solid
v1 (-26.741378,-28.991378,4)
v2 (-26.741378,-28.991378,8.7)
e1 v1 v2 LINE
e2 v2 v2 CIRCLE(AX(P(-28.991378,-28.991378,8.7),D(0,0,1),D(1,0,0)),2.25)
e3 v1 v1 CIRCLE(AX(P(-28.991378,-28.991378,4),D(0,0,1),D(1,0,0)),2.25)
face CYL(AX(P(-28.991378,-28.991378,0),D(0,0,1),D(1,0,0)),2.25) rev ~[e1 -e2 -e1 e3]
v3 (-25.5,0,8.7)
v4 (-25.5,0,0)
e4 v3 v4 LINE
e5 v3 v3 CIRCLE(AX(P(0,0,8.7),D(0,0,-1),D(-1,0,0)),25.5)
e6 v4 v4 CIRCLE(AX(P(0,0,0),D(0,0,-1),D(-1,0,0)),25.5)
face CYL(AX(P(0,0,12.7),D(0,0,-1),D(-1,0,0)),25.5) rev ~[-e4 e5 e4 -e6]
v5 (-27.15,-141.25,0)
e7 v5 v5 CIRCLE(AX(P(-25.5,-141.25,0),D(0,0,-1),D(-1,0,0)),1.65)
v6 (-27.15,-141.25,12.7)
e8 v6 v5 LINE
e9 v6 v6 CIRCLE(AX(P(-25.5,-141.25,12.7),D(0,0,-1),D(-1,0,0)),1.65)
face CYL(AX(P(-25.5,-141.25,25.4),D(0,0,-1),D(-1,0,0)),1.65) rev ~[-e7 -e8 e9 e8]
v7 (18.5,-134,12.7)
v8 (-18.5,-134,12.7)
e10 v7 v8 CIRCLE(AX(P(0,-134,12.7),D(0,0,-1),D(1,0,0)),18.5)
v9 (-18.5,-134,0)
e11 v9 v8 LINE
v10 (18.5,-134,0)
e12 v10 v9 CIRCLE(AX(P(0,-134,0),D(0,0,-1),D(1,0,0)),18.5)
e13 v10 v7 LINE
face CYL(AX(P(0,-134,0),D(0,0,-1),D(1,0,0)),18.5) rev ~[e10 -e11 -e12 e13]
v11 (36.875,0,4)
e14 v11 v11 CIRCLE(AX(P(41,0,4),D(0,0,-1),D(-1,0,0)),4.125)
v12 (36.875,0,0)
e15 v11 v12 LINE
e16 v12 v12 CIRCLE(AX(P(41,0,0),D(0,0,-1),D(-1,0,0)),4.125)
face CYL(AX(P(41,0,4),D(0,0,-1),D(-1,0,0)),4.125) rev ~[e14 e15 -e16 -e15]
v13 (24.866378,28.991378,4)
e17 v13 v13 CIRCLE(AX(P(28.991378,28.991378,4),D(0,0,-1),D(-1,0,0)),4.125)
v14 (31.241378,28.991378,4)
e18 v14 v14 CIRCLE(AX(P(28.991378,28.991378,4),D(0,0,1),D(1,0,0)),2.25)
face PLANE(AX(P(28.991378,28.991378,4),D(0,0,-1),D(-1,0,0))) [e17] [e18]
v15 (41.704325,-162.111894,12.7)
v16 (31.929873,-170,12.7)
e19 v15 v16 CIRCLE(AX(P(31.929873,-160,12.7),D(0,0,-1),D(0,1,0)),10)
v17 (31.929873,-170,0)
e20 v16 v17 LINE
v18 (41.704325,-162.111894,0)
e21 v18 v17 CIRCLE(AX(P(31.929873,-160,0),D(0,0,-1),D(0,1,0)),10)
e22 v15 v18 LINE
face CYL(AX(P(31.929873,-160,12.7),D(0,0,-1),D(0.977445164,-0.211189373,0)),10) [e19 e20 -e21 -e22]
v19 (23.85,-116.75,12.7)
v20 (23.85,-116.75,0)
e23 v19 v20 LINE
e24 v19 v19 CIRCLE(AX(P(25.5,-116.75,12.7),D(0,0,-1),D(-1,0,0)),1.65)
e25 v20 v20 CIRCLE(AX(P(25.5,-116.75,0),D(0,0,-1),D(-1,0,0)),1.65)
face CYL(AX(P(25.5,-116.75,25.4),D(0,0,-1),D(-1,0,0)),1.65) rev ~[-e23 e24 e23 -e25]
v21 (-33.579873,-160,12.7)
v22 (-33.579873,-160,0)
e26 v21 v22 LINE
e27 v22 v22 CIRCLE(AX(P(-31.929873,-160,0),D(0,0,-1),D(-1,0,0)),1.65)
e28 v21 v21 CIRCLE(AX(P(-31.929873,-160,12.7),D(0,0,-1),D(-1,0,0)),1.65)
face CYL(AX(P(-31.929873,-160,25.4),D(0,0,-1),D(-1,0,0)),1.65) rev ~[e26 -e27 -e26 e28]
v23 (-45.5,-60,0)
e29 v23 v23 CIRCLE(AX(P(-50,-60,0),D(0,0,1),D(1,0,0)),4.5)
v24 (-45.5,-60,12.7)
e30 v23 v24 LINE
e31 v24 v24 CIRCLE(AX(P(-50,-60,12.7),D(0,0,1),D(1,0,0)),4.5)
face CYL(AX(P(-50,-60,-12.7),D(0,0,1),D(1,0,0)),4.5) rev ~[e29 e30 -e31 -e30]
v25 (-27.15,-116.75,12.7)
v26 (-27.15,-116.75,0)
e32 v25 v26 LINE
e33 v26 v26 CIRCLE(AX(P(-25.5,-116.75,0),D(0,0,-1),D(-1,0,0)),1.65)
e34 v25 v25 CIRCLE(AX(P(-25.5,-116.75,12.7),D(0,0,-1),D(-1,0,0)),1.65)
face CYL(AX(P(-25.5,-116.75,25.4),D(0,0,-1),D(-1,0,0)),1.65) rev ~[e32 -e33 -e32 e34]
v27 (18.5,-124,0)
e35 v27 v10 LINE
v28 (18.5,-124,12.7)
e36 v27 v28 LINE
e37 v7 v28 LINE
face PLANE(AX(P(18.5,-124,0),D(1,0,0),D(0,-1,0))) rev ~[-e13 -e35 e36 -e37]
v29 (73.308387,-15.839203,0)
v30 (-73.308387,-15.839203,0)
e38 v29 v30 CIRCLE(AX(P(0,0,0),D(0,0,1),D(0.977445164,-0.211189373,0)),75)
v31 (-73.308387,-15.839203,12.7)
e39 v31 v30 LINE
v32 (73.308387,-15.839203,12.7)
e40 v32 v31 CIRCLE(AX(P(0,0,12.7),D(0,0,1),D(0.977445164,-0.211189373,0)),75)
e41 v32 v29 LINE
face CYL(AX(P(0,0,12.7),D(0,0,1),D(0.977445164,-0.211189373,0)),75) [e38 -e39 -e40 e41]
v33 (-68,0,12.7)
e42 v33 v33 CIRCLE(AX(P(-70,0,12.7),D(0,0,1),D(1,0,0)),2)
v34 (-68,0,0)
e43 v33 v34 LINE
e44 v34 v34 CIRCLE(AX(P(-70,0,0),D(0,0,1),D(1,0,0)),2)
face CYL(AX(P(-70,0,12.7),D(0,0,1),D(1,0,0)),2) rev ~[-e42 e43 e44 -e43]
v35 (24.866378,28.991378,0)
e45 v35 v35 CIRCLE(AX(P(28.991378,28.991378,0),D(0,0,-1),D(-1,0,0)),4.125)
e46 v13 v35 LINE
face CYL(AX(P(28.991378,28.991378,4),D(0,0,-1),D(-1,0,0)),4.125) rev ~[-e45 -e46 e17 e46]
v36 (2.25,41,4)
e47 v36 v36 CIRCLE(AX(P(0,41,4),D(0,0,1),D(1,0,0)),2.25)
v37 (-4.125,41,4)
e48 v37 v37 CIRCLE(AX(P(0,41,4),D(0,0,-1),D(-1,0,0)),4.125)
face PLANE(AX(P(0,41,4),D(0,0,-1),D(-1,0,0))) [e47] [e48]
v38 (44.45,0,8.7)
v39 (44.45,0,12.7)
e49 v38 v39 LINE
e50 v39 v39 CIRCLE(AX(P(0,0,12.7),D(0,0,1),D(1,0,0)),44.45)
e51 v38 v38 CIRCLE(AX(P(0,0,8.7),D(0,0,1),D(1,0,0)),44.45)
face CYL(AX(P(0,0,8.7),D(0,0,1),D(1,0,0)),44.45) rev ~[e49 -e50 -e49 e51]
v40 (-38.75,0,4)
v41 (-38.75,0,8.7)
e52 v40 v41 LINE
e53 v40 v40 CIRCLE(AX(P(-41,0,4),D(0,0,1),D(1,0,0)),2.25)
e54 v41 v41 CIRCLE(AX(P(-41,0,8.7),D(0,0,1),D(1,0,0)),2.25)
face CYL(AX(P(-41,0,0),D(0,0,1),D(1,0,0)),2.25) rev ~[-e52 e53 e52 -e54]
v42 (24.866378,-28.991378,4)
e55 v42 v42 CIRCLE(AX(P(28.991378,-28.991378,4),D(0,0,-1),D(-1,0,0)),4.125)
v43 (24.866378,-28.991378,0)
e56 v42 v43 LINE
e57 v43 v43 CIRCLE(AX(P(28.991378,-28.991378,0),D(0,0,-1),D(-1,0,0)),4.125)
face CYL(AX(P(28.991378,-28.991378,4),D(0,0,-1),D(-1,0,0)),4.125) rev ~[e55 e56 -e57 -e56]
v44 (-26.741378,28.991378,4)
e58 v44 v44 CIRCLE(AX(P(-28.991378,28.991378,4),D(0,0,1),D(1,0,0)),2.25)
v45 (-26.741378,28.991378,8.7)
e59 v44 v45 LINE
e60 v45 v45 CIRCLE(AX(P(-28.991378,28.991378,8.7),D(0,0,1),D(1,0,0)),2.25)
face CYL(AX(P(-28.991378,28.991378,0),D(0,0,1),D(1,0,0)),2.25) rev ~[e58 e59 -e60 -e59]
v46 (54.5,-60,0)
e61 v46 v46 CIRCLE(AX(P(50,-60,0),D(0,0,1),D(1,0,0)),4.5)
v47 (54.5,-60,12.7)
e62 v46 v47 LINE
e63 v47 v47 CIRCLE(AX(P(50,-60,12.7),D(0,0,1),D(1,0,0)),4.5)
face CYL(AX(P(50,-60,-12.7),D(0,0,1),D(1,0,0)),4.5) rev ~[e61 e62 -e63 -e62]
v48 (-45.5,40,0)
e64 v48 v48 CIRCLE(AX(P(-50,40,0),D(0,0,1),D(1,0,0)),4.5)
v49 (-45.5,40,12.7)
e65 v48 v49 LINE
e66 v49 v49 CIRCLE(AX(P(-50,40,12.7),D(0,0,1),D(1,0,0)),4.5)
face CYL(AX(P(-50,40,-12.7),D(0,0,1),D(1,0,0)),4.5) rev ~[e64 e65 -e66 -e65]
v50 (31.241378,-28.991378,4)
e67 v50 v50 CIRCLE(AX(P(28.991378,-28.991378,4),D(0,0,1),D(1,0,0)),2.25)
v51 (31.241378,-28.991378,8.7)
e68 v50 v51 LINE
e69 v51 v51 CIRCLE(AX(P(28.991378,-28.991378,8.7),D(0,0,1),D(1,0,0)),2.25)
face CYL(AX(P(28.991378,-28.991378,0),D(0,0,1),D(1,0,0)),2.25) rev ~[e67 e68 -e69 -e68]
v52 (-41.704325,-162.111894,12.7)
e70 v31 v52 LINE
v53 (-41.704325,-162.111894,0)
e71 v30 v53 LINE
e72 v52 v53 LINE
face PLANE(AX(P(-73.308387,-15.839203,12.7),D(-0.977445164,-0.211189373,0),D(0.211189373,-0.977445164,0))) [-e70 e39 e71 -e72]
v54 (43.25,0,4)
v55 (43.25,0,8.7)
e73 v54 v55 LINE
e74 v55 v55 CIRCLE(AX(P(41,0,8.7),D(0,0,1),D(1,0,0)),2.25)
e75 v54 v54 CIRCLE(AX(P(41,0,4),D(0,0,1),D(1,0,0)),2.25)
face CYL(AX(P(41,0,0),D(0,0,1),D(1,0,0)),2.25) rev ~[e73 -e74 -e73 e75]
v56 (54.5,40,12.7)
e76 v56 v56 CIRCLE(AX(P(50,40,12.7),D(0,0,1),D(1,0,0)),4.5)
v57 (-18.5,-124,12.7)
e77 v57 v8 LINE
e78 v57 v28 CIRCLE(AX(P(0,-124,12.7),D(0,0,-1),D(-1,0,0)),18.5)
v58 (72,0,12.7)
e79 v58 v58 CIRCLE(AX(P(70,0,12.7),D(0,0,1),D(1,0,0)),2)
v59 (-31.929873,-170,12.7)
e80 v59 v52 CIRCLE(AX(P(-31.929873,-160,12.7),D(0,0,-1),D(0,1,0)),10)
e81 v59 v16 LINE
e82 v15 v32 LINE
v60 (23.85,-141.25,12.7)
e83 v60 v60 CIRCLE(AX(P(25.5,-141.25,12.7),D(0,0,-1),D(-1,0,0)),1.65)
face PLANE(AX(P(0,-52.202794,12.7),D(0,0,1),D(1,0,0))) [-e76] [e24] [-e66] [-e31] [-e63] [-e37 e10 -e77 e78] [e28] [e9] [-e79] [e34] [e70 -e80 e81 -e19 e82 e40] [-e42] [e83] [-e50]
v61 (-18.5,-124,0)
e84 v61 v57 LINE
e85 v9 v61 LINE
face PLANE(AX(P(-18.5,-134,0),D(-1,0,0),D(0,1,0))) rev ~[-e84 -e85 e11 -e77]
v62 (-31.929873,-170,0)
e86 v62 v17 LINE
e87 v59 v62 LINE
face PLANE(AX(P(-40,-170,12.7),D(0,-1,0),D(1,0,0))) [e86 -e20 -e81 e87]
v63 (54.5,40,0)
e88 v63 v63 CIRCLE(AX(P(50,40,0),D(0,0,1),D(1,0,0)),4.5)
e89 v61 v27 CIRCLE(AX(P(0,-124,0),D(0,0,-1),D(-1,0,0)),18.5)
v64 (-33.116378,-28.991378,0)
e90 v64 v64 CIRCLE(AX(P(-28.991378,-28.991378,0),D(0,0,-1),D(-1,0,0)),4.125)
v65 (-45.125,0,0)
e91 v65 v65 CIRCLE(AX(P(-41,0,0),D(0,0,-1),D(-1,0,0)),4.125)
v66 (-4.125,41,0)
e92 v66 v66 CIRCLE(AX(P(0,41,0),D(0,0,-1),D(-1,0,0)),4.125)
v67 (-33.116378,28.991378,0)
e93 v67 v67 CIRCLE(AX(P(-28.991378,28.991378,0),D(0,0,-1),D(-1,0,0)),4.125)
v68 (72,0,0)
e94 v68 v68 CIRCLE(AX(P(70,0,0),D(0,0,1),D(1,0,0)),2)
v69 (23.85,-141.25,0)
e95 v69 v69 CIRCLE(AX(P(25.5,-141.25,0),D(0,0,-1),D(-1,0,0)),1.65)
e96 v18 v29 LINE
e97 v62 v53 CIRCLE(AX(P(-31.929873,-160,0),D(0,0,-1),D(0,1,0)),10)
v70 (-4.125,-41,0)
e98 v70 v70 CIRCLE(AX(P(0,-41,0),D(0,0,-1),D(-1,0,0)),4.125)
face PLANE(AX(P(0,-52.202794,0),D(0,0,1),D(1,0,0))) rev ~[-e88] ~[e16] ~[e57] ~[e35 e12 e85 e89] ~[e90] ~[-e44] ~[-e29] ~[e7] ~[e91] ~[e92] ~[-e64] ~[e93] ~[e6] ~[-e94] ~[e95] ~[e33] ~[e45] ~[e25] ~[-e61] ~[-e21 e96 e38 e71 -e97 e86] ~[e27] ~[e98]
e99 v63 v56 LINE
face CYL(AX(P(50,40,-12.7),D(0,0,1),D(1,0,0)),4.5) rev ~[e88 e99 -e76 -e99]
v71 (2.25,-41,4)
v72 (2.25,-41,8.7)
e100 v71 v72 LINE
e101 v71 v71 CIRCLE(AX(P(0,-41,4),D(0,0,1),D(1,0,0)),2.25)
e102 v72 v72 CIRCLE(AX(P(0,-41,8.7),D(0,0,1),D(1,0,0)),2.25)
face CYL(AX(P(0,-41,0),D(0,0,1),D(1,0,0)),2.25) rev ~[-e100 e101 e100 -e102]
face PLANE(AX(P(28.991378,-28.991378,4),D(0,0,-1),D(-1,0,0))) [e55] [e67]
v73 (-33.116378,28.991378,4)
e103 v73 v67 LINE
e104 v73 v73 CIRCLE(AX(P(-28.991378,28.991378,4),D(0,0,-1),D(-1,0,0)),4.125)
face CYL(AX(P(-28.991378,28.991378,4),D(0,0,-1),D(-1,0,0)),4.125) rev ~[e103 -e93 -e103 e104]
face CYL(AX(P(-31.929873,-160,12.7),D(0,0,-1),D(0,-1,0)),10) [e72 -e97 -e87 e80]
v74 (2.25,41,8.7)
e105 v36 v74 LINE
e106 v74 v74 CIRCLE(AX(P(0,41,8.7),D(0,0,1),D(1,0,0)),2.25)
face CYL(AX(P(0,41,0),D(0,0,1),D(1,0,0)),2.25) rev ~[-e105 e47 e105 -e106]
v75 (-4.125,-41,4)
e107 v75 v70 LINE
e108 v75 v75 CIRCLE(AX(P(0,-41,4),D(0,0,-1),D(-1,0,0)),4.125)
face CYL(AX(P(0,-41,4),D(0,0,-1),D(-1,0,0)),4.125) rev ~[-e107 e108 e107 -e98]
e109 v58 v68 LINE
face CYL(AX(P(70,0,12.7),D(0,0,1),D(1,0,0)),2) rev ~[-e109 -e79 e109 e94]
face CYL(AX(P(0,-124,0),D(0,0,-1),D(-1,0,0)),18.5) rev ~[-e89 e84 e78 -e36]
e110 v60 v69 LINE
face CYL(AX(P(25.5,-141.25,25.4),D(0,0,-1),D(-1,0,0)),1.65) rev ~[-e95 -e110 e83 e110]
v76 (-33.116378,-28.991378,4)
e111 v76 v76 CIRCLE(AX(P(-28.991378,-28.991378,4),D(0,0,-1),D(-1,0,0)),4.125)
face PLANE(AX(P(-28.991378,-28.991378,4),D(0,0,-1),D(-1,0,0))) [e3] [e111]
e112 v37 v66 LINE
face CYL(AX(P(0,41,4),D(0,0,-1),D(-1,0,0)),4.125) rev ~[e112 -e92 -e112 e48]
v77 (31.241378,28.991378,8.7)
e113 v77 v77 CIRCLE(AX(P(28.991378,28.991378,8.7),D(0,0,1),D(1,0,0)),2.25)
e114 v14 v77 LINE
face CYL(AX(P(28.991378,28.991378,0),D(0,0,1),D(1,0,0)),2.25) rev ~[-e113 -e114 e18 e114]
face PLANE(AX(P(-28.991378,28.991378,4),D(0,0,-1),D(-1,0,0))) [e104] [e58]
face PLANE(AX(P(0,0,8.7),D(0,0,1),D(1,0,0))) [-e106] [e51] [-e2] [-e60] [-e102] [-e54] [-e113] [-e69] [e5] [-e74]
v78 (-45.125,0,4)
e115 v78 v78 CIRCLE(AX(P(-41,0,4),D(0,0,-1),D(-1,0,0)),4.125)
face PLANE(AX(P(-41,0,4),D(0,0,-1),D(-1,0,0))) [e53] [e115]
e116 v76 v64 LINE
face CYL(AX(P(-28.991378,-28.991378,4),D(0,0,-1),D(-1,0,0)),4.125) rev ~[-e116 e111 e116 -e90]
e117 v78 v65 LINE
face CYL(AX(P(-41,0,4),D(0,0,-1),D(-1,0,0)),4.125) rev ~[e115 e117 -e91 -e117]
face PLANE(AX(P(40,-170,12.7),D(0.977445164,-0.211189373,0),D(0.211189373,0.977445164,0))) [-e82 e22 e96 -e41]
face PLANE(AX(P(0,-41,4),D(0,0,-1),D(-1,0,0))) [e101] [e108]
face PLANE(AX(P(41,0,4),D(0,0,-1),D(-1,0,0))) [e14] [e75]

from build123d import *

# Parameters (mm, degrees)
BOSS_EXTRUDE1_DEPTH                                 = 12.7
CUT_EXTRUDE1_DEPTH                                  = 13.7
HOLE1_D                                             = 9
HOLE1_DEPTH                                         = 12.7
F_4_CLEARANCE_HOLE1_D                               = 3.3
F_4_CLEARANCE_HOLE1_DEPTH                           = 12.7
HOLE2_D                                             = 51
HOLE2_DEPTH                                         = 12.7
HOLE2_CBORE_D                                       = 88.9
HOLE2_CBORE_DEPTH                                   = 4
CBORE_FOR_8_BINDING_HEAD_MACHINE_SCREW1_D           = 4.5
CBORE_FOR_8_BINDING_HEAD_MACHINE_SCREW1_DEPTH       = 12.7
CBORE_FOR_8_BINDING_HEAD_MACHINE_SCREW1_CBORE_D     = 8.25
CBORE_FOR_8_BINDING_HEAD_MACHINE_SCREW1_CBORE_DEPTH = 4
FILLET1_R                                           = 10
SKETCH11_R                                          = 2
CUT_EXTRUDE2_DEPTH                                  = 13.7


with BuildPart() as part:
    # Sketch1 → Boss-Extrude1 (new body)
    with BuildSketch(Plane.XY.offset(12.7)):
        with BuildLine():
            Line((40, -170), (73.308387301, -15.839202988))
            ThreePointArc((73.308387301, -15.839202988), (0, 75), (-73.308387301, -15.839202988))
            Line((-73.308387301, -15.839202988), (-40, -170))
            Line((-40, -170), (40, -170))
        make_face()
    extrude(amount=-BOSS_EXTRUDE1_DEPTH)

    # Sketch2 → Cut-Extrude1 (cut, through all)
    with BuildSketch(Plane(origin=(0, 0, 0), x_dir=(-1, 0, 0), z_dir=(0, 0, -1))):
        with BuildLine():
            Line((-18.5, -124), (-18.5, -134))
            ThreePointArc((-18.5, -134), (0, -152.5), (18.5, -134))
            Line((18.5, -134), (18.5, -124))
            ThreePointArc((18.5, -124), (0, -105.5), (-18.5, -124))
        make_face()
    extrude(amount=-CUT_EXTRUDE1_DEPTH, mode=Mode.SUBTRACT)

    # Hole1
    with Locations(Plane(origin=(0, 0, 0), x_dir=(-1, 0, 0), z_dir=(0, 0, -1))):
        with Locations((-50, -60), (50, -60), (50, 40), (-50, 40)):
            Hole(HOLE1_D / 2, depth=HOLE1_DEPTH)

    # #4 Clearance Hole1
    with Locations(Plane.XY.offset(12.7)):
        with Locations((-31.929873349, -160), (-25.5, -116.75), (-25.5, -141.25), (25.5, -116.75), (25.5, -141.25)):
            Hole(F_4_CLEARANCE_HOLE1_D / 2, depth=F_4_CLEARANCE_HOLE1_DEPTH)

    # Hole2
    with Locations(Plane.XY.offset(12.7)):
        with Locations((0, 0)):
            CounterBoreHole(HOLE2_D / 2, HOLE2_CBORE_D / 2, HOLE2_CBORE_DEPTH, depth=HOLE2_DEPTH)

    # CBORE for #8 Binding Head Machine Screw1
    with Locations(Plane(origin=(0, 0, 0), x_dir=(-1, 0, 0), z_dir=(0, 0, -1))):
        with Locations((28.991378029, 28.991378029), (41, 0), (28.991378029, -28.991378029), (0, -41), (-28.991378029, -28.991378029), (-41, 0), (-28.991378029, 28.991378029), (0, 41)):
            CounterBoreHole(CBORE_FOR_8_BINDING_HEAD_MACHINE_SCREW1_D / 2, CBORE_FOR_8_BINDING_HEAD_MACHINE_SCREW1_CBORE_D / 2, CBORE_FOR_8_BINDING_HEAD_MACHINE_SCREW1_CBORE_DEPTH, depth=CBORE_FOR_8_BINDING_HEAD_MACHINE_SCREW1_DEPTH)

    # Fillet1
    fillet1_edges = [part.edges().sort_by_distance(p)[0] for p in [
        (-40, -170, 6.35),
        (40, -170, 6.35),
    ]]
    fillet(fillet1_edges, radius=FILLET1_R)

    # Sketch11 → Cut-Extrude2 (cut, through all)
    with BuildSketch(Plane.XY.offset(12.7)):
        with Locations((-70, 0)):
            Circle(SKETCH11_R)
        with Locations((70, 0)):
            Circle(SKETCH11_R)
    extrude(amount=-CUT_EXTRUDE2_DEPTH, mode=Mode.SUBTRACT)


solid = part.part
